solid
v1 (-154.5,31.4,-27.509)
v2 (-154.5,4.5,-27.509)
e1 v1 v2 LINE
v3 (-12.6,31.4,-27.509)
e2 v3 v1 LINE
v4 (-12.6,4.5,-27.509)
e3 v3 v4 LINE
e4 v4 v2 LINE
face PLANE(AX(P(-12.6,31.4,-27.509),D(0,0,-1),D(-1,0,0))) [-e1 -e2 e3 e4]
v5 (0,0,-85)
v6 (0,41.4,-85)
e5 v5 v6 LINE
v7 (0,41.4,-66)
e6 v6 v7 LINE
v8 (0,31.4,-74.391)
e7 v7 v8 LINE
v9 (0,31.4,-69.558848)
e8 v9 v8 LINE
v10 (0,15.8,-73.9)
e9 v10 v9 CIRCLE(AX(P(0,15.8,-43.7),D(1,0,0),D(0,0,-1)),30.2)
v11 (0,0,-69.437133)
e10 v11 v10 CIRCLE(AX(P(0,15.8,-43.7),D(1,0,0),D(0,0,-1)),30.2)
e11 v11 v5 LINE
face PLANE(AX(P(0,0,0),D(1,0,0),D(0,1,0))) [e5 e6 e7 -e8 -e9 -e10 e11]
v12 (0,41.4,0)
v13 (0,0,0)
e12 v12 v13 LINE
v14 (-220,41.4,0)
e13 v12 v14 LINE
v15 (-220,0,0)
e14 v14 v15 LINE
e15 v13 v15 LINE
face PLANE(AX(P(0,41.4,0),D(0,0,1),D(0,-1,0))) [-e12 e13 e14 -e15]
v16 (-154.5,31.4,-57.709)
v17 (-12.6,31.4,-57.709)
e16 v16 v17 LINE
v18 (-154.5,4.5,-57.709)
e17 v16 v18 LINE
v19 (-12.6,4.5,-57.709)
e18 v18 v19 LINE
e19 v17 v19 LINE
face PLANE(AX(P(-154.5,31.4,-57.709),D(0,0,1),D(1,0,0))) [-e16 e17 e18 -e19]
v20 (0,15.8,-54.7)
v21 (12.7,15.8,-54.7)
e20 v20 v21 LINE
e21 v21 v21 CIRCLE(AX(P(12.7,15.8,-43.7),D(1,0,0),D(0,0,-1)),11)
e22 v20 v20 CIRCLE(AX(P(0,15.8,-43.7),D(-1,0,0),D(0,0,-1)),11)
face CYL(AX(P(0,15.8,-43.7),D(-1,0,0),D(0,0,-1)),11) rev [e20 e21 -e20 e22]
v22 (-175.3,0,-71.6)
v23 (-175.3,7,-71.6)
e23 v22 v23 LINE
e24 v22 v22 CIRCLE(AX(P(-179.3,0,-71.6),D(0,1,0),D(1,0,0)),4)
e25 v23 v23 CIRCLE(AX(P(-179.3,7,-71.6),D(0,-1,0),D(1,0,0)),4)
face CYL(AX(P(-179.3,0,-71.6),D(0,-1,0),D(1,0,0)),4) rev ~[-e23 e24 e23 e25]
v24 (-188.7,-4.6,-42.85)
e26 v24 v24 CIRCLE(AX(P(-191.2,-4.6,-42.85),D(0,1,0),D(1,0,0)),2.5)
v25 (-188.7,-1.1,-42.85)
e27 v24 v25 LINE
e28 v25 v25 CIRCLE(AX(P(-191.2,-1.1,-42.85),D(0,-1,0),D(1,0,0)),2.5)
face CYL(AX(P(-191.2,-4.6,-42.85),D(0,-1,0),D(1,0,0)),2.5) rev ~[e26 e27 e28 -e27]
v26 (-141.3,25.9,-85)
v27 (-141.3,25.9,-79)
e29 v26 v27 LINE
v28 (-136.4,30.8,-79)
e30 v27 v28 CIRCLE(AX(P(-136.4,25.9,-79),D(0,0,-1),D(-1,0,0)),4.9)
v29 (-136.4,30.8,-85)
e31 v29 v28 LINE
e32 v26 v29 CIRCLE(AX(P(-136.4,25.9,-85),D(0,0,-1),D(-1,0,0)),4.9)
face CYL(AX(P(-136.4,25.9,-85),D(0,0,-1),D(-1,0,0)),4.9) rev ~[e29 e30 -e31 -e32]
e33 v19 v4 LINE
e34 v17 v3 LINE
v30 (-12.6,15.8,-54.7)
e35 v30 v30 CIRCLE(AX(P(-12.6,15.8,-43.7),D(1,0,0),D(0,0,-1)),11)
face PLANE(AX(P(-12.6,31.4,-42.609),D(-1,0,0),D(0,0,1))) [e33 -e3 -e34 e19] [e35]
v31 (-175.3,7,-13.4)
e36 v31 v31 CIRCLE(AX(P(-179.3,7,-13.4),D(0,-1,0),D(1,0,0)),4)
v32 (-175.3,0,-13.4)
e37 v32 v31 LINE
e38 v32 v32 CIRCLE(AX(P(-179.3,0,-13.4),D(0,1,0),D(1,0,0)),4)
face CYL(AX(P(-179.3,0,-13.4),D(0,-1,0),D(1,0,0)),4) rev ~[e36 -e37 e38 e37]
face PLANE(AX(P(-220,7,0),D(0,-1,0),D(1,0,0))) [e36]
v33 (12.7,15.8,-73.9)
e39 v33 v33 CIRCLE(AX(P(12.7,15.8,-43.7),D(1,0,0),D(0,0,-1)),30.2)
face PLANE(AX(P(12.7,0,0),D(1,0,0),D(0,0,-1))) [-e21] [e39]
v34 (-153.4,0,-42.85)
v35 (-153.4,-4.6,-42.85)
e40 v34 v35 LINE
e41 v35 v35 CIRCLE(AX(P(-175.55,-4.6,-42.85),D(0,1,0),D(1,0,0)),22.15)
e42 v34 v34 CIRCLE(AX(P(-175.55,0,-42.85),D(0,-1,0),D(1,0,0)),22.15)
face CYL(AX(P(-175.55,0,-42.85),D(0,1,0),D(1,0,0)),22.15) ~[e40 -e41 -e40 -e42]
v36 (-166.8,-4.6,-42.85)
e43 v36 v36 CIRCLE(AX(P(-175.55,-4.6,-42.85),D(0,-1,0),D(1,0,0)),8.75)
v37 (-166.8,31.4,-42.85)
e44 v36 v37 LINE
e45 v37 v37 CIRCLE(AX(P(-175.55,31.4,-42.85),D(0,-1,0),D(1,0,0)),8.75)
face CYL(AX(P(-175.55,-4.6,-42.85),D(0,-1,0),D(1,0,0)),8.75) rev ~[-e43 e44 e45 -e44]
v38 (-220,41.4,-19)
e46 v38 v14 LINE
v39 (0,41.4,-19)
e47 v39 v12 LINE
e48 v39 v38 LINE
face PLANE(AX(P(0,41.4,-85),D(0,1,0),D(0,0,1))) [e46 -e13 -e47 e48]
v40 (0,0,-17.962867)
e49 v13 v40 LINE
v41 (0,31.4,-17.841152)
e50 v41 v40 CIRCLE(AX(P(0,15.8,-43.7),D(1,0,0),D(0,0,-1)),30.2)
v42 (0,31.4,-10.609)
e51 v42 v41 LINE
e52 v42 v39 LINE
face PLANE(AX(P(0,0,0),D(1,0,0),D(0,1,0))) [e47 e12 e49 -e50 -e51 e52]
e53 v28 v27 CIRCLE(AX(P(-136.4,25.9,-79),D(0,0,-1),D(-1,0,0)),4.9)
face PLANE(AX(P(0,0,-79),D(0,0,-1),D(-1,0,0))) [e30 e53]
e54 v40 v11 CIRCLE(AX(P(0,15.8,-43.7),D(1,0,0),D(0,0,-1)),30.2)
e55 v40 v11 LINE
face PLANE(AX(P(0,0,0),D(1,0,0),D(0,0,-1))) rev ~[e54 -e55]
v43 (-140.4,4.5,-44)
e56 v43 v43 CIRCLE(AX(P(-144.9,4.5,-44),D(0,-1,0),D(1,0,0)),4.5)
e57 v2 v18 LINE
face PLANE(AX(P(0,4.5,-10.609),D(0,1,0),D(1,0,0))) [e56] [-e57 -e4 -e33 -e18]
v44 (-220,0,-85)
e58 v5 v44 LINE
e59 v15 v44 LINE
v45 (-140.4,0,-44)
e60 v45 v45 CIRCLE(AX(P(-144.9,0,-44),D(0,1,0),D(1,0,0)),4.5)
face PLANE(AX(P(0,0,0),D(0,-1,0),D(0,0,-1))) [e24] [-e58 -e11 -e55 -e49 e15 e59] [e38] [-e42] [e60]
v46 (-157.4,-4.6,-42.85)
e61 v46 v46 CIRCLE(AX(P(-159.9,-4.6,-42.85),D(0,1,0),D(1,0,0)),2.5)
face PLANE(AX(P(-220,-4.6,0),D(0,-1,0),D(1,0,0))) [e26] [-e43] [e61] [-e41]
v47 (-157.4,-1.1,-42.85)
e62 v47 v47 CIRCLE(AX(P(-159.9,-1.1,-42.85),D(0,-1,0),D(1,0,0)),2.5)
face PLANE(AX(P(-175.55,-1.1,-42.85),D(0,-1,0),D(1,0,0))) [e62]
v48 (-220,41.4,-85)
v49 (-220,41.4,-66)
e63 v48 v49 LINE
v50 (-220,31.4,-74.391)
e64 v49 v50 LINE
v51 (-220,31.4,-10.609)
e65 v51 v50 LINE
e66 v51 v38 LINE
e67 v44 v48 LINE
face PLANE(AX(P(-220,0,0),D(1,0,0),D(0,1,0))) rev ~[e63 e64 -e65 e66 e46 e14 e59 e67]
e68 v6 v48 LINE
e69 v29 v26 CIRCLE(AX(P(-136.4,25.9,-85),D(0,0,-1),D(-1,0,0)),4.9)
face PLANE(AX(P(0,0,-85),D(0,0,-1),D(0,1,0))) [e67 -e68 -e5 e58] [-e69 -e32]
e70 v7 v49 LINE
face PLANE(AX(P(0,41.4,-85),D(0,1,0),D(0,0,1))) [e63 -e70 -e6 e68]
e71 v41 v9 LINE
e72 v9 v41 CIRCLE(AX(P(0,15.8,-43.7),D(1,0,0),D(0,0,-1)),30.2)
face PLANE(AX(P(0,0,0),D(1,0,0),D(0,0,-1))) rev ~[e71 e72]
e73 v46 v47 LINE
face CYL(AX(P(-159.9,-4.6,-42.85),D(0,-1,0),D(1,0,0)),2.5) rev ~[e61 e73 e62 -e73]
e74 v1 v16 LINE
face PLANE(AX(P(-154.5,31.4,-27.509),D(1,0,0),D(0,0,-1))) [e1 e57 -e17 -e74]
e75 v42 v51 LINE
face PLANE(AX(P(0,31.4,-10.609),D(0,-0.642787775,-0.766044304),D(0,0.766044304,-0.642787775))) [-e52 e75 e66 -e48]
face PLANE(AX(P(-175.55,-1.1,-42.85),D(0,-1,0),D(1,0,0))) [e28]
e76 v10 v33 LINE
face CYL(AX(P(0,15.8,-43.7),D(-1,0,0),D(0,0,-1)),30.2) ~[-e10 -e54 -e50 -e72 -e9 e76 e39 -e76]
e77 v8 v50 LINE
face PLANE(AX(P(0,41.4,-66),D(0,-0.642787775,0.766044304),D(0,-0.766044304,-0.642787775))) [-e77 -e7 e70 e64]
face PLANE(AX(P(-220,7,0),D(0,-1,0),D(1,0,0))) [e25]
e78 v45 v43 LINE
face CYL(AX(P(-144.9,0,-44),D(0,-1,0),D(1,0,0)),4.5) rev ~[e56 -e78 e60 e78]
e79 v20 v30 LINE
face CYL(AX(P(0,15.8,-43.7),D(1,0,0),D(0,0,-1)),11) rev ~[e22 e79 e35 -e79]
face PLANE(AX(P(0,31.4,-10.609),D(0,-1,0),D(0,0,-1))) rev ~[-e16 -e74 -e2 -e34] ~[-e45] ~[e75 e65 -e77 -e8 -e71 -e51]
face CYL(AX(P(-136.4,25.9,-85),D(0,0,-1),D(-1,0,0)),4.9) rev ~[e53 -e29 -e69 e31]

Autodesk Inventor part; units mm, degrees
ref_plane "YZ Plane" through (0, 0, 0) normal (1, 0, 0) x (0, 1, 0)
ref_plane "XZ Plane" through (0, 0, 0) normal (0, 1, 0) x (-1, 0, 0)
ref_plane "XY Plane" through (0, 0, 0) normal (0, 0, 1) x (1, 0, 0)
sketch "Sketch1" plane through (0, 0, 0) normal (1, 0, 0) x (0, 1, 0)
  line L0 (0, 0) -> (0, -85)
  line L1 (0, -85) -> (41.4, -85)
  line L2 (41.4, -85) -> (41.4, 0)
  line L3 (41.4, 0) -> (0, 0)
  dimension "d0" = 85
  dimension "d1" = 41.4
extrude "Extrusion1" add sketch "Sketch1" against normal blind 220
sketch "Sketch2" plane through (0, 0, 0) normal (1, 0, 0) x (0, 0, -1)
  line L0 (0, 41.4) -> (19, 41.4)
  line L1 (10.609, 31.4) -> (19, 41.4)
  line L2 (10.609, 31.4) -> (74.391, 31.4)
  line L3 (85, 41.4) -> (66, 41.4)
  line L4 (66, 41.4) -> (74.391, 31.4)
  line L5 (19, 41.4) -> (66, 41.4)
  line L6 (0, 41.4) -> (85, 41.4) projected
  line L7 (42.5, 41.4) -> (42.5, 31.4) construction
  dimension "d4" = 19
  dimension "d8" = 19
  dimension "d61" = 50
  dimension "d63" = 50
  dimension "d64" = 10
extrude "Extrusion2" cut sketch "Sketch2" against normal blind 301.25
sketch "Sketch3" plane through (0, 31.4, -10.609) normal (0, 1, 0) x (1, 0, 0)
  line L0 (0, -10.609) -> (0, 74.391) projected
  line L1 (-12.6, 32) -> (-12.6, 47.1)
  line L2 (-12.6, 32) -> (-12.6, 16.9)
  line L3 (-12.6, 16.9) -> (-154.5, 16.9)
  line L4 (-154.5, 16.9) -> (-154.5, 47.1)
  line L5 (-154.5, 47.1) -> (-12.6, 47.1)
  dimension "d12" = 15.1
  dimension "d13" = 15.1
  dimension "d14" = 141.9
extrude "Extrusion3" cut sketch "Sketch3" against normal blind 26.9
sketch "Sketch4" plane through (0, 31.4, -10.609) normal (0, 1, 0) x (1, 0, 0)
  point P0 (0, -10.609)
sketch "Sketch5" plane through (0, 0, 0) normal (1, 0, 0) x (0, 0, -1)
  line L0 (0, 41.4) -> (0, 0) projected
  line L1 (0, 0) -> (28.6, 0)
  line L2 (85, 0) -> (0, 0) projected
  line L3 (28.6, 0) -> (58.8, 0)
  line L4 (85, 41.4) -> (85, 0) projected
  line L5 (58.8, 0) -> (85, 0)
  line L6 (28.6, 0) -> (43.7, 0)
  line L7 (43.7, 0) -> (43.7, 31.4)
  line L8 (27.509, 31.4) -> (57.709, 31.4) projected
  line L9 (43.7, 31.4) -> (43.7, 26.8)
  line L10 (43.7, 26.8) -> (43.7, 14.6)
  line L11 (43.7, 26.8) -> (43.7, 15.8)
  circle A0 centre (43.7, 15.8) radius 11
  dimension "d17" = 28.6
  dimension "d18" = 30.2
  dimension "d19" = 4.6
  dimension "d21" = 11
extrude "Extrusion4" cut sketch "Sketch5" against normal blind 91.9
sketch "Sketch6" plane through (0, 0, 0) normal (1, 0, 0) x (0, 0, -1)
  point P0 (0, 0)
sketch "Sketch7" plane through (0, 0, 0) normal (1, 0, 0) x (0, 0, -1)
  circle A0 centre (43.7, 15.8) radius 11 projected
  circle A1 centre (43.7, 15.8) radius 30.2
  point P0 (0, 0)
  dimension "d24" = 60.4
extrude "Extrusion5" add sketch "Sketch7" along normal blind 12.7
sketch "Sketch8" plane through (0, 0, -85) normal (0, 0, -1) x (-1, 0, 0)
  line L0 (220, 31.4) -> (220, 41.4) projected
  line L1 (220, 41.4) -> (220, 30.8)
  line L2 (220, 41.4) -> (220, 0) projected
  line L3 (220, 30.8) -> (136.4, 30.8)
  line L4 (154.5, 31.4) -> (12.6, 31.4) projected
  line L5 (136.4, 30.8) -> (136.4, 25.9)
  line L6 (0, 0) -> (220, 0) projected
  circle A0 centre (136.4, 25.9) radius 4.9
  dimension "d27" = 10.6
  dimension "d28" = 83.6
  dimension "d29" = 90
  dimension "d30" = 4.9
extrude "Extrusion6" cut sketch "Sketch8" against normal blind 6
sketch "Sketch9" plane through (-220, 0, 0) normal (0, -1, 0) x (1, 0, 0)
  line L0 (0, -85) -> (0, 0) projected
  line L1 (0, -85) -> (0, -63)
  line L2 (0, -63) -> (22.3, -63)
  line L3 (0, 0) -> (0, -22.7)
  line L4 (0, -22.7) -> (22.3, -22.7)
  line L5 (22.3, -22.7) -> (22.3, -63)
  line L6 (22.3, -42.85) -> (44.45, -42.85)
  line L7 (65.5, -27.509) -> (65.5, -57.709) projected
  line L8 (22.3, -42.85) -> (44.45, -42.85) construction
  circle A0 centre (44.45, -42.85) radius 22.15
  point P0 (220, 0)
  dimension "d33" = 22
  dimension "d34" = 22.3
  dimension "d35" = 22.7
  dimension "d36" = 22.15
  dimension "d37" = 0
extrude "Extrusion7" add sketch "Sketch9" along normal blind 4.6 contours A0 L7 | A0 L7
sketch "Sketch10" plane through (-175.55, -4.6, -42.85) normal (0, -1, 0) x (1, 0, 0)
  circle A0 centre (0, 0) radius 8.75
  point P0 (175.55, 42.85)
  dimension "d40" = 17.5
extrude "Extrusion8" cut sketch "Sketch10" against normal blind 310.85
sketch "Sketch11" plane through (-175.55, -4.6, -42.85) normal (0, -1, 0) x (1, 0, 0)
  circle A0 centre (0, 0) radius 8.75 projected
  line L0 (-8.75, 0) -> (-13.15, 0)
  line L1 (-13.15, 0) -> (-18.15, 0)
  circle A1 centre (-15.65, 0) radius 2.5
  line L2 (8.75, 0) -> (13.15, 0)
  line L3 (13.15, 0) -> (15.65, 0)
  circle A2 centre (15.65, 0) radius 2.5
  point P0 (175.55, 42.85)
  dimension "d43" = 4.4
  dimension "d44" = 5
  dimension "d45" = 4.4
  dimension "d46" = 2.5
extrude "Extrusion9" cut sketch "Sketch11" against normal blind 3.5 contours A1 L1 | L1 A1 | A2
sketch "Sketch12" plane through (-220, 0, 0) normal (0, -1, 0) x (1, 0, 0)
  line L0 (0, 0) -> (40.7, 0)
  line L1 (220, 0) -> (0, 0) projected
  line L2 (40.7, 0) -> (40.7, -9.4)
  line L3 (40.7, -9.4) -> (40.7, -13.4)
  circle A0 centre (40.7, -13.4) radius 4
  line L4 (220, -85) -> (0, -85) projected
  line L5 (0, -85) -> (40.7, -85)
  line L6 (40.7, -85) -> (40.7, -75.6)
  line L7 (40.7, -75.6) -> (40.7, -71.6)
  circle A1 centre (40.7, -71.6) radius 4
  line L8 (0, 0) -> (70.6, 0)
  line L9 (70.6, 0) -> (70.6, -39.5)
  line L10 (70.6, -39.5) -> (70.6, -44)
  line L11 (70.6, -39.5) -> (75.1, -39.5)
  line L12 (75.1, -39.5) -> (75.1, -44)
  circle A2 centre (75.1, -44) radius 4.5
  dimension "d49" = 40.7
  dimension "d50" = 9.4
  dimension "d51" = 4
  dimension "d52" = 40.7
  dimension "d53" = 9.4
  dimension "d54" = 4
  dimension "d55" = 70.6
  dimension "d56" = 39.5
  dimension "d57" = 4.5
  dimension "d58" = 4.5
extrude "Extrusion10" cut sketch "Sketch12" against normal blind 7 contours A0 | A2 | A1
properties part number "Bottom Tool Bit" material "Steel, Cast"
